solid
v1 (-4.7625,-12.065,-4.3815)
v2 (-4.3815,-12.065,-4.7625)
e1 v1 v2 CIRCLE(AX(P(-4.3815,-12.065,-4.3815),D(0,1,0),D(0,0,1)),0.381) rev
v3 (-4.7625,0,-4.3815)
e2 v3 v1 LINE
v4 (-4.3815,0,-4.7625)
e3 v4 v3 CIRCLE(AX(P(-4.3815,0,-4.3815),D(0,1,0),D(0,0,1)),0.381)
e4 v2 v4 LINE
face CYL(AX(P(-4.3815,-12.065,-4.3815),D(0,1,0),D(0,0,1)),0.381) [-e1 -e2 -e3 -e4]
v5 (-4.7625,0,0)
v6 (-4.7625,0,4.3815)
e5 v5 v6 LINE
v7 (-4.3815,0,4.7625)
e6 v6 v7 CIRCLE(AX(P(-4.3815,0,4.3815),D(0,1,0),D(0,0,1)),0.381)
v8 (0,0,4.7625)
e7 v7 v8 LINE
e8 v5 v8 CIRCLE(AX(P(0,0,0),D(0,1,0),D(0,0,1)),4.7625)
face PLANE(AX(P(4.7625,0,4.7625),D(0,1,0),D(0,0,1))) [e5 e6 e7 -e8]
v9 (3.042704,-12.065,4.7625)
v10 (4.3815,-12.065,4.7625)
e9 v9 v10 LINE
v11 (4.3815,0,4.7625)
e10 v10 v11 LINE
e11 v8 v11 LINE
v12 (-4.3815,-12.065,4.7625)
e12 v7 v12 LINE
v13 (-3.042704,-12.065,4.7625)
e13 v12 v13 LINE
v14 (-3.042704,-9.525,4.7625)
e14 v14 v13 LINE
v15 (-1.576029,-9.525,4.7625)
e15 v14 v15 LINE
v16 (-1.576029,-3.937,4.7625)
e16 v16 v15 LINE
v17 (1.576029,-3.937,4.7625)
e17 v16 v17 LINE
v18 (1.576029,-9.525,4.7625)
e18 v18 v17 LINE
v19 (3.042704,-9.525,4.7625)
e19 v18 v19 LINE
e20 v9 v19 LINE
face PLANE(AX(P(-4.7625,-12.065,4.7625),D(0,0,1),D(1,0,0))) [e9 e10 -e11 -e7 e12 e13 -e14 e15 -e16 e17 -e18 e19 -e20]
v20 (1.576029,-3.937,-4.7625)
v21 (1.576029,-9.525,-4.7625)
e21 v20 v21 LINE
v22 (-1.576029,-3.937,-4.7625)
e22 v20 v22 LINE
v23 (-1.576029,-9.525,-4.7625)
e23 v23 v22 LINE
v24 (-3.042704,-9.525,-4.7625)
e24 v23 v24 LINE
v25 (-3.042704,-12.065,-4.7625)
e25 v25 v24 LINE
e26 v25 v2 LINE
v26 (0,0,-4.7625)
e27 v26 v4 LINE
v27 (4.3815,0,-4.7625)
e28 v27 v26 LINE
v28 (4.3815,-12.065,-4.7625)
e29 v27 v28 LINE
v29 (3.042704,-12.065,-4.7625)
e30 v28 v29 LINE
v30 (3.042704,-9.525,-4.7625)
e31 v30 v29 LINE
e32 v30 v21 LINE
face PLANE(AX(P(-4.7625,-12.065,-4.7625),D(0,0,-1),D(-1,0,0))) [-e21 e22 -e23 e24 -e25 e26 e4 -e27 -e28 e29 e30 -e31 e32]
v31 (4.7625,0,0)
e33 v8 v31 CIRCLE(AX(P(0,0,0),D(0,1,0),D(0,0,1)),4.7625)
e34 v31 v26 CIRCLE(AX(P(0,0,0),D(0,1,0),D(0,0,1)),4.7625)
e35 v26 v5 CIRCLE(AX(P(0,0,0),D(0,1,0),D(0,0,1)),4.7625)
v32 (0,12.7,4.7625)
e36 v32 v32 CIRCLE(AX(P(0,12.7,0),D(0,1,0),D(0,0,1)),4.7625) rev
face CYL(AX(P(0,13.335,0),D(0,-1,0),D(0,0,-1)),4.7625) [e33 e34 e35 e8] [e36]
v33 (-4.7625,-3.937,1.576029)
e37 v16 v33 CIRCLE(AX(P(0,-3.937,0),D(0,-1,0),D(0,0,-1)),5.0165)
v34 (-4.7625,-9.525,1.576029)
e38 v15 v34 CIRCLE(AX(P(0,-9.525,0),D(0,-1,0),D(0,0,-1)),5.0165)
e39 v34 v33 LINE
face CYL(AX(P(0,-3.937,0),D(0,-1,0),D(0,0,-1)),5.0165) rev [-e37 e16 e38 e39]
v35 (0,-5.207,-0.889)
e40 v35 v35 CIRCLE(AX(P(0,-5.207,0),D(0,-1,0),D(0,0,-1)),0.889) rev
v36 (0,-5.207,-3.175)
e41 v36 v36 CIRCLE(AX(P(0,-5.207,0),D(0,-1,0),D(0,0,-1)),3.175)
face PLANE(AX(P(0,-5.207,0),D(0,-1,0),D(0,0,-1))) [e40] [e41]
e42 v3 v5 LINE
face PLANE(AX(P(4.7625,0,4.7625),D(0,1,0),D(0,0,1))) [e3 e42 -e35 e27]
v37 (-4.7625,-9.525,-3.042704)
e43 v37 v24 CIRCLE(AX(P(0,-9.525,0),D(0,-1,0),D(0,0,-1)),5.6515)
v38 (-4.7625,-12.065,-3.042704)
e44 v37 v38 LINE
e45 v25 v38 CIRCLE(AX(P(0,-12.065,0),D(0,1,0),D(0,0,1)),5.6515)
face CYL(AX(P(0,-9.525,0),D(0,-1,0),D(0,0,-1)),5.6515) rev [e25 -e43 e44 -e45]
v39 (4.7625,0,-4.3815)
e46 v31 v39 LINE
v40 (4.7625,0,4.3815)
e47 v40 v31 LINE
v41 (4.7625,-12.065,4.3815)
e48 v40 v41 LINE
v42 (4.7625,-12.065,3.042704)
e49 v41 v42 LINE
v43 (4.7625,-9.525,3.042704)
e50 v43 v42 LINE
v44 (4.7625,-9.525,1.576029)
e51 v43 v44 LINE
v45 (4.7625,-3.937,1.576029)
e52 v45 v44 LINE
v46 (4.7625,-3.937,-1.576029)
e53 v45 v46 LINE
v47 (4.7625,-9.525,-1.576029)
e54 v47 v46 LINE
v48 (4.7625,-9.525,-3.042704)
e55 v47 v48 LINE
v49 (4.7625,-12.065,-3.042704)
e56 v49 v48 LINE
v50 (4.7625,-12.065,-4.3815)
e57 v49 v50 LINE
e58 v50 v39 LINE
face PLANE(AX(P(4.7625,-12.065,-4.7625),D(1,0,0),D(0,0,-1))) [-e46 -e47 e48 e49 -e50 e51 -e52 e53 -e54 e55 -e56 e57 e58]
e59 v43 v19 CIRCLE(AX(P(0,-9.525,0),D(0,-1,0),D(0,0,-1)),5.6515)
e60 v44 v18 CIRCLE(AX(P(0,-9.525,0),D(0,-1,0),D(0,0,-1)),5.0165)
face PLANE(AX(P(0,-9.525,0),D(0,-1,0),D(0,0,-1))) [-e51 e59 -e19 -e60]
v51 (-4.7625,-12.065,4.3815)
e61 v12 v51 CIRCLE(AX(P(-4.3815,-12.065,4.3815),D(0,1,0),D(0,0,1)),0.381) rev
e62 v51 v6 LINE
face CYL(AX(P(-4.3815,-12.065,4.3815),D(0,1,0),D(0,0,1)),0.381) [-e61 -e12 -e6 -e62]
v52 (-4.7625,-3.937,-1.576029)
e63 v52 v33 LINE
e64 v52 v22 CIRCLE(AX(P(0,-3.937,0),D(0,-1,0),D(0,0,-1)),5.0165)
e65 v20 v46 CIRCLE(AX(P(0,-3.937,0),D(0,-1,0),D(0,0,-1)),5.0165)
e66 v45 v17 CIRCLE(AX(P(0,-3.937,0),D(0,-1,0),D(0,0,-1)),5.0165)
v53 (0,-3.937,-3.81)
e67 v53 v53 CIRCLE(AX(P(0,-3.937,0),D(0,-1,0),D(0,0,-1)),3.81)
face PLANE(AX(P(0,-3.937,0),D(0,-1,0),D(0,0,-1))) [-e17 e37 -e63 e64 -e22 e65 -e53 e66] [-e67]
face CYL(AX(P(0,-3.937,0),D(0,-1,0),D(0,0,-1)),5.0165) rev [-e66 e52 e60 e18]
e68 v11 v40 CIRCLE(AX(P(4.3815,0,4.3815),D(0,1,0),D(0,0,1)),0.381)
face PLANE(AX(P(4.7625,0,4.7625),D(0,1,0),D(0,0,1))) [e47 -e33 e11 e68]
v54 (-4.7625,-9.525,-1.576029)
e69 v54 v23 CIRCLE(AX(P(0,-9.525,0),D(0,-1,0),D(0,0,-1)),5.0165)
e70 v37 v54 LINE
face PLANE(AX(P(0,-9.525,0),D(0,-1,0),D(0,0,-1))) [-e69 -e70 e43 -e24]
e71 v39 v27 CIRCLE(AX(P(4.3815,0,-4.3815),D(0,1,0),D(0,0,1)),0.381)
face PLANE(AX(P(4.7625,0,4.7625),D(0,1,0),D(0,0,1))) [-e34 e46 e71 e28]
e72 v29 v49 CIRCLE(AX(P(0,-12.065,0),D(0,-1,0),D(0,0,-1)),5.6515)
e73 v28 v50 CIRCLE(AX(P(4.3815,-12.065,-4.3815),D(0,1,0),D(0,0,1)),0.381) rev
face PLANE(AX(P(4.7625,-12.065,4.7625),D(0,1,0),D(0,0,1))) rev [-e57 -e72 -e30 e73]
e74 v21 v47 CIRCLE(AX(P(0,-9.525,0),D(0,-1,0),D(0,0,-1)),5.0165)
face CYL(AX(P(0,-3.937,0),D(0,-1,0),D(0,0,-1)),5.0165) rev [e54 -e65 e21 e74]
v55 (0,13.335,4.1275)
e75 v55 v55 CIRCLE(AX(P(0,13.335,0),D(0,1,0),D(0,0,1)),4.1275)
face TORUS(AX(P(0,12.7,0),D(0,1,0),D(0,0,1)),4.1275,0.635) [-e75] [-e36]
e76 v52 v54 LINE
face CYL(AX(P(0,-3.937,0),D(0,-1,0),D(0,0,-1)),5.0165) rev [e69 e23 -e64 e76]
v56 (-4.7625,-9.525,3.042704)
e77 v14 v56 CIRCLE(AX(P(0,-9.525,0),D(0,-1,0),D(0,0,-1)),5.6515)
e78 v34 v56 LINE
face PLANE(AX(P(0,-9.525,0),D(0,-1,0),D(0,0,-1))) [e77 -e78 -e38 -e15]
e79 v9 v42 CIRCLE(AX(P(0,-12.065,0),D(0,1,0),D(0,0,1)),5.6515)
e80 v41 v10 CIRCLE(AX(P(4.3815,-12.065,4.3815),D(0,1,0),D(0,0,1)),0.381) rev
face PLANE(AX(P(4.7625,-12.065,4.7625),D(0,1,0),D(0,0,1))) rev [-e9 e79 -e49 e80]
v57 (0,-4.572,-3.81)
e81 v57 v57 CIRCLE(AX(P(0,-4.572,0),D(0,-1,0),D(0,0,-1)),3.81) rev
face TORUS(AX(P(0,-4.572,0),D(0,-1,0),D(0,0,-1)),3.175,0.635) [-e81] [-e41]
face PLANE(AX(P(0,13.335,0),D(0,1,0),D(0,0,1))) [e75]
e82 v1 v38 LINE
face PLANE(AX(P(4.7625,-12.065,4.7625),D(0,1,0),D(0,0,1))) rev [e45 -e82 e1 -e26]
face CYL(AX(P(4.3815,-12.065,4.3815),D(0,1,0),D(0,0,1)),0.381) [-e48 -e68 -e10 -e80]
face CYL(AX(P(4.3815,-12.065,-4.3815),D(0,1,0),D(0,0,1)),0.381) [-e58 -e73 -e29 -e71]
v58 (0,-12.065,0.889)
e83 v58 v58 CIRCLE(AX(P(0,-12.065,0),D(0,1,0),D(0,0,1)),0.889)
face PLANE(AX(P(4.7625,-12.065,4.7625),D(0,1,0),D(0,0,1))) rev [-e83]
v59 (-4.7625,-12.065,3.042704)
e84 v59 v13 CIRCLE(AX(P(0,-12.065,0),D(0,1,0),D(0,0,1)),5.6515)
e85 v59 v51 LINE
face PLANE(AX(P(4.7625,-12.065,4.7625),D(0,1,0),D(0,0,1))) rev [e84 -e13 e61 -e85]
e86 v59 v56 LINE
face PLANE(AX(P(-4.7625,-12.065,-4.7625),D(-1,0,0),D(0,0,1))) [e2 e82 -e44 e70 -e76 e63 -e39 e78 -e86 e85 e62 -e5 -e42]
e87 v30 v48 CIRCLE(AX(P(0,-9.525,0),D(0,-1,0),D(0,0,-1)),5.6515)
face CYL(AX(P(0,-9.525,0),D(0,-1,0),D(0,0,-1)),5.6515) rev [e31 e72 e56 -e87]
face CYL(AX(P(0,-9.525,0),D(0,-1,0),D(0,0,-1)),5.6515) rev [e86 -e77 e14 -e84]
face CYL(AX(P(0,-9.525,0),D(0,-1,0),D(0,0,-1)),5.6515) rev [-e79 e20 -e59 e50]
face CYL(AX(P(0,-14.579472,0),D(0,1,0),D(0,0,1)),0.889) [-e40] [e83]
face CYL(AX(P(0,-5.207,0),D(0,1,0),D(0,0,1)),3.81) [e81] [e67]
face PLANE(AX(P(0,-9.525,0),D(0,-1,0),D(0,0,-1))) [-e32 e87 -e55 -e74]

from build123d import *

# Parameters (mm, degrees)
SKETCH1_W           = 9.525
SKETCH1_H           = 9.525
BOSS_EXTRUDE1_DEPTH = 12.065
SKETCH2_R           = 4.7625
BOSS_EXTRUDE2_DEPTH = 13.335
FILLET1_R           = 0.635
SKETCH3_R           = 5.6515
CUT_EXTRUDE1_DEPTH  = 2.54
SKETCH4_R           = 5.0165
CUT_EXTRUDE2_DEPTH  = 5.588
SKETCH5_R           = 3.81
BOSS_EXTRUDE3_DEPTH = 1.27
FILLET2_R           = 0.635
SKETCH6_R           = 0.889
BOSS_EXTRUDE4_DEPTH = 8.128
FILLET4_R           = 0.381


with BuildPart() as part:
    # Sketch1 → Boss-Extrude1 (new body)
    with BuildSketch(Plane(origin=(0, 0, 0), x_dir=(1, 0, 0), z_dir=(0, 1, 0))):
        Rectangle(SKETCH1_W, SKETCH1_H)
    extrude(amount=-BOSS_EXTRUDE1_DEPTH)

    # Sketch2 → Boss-Extrude2 (add)
    with BuildSketch(Plane(origin=(0, 0, 0), x_dir=(1, 0, 0), z_dir=(0, 1, 0))):
        Circle(SKETCH2_R)
    extrude(amount=BOSS_EXTRUDE2_DEPTH)

    # Fillet1
    fillet1_edges = [part.edges().sort_by_distance(p)[0] for p in [
        (-4.7625, 13.335, 0),
    ]]
    fillet(fillet1_edges, radius=FILLET1_R)

    # Sketch3 → Cut-Extrude1 (cut)
    with BuildSketch(Plane.XZ.offset(12.065)):
        Circle(SKETCH3_R)
    extrude(amount=-CUT_EXTRUDE1_DEPTH, mode=Mode.SUBTRACT)

    # Sketch4 → Cut-Extrude2 (cut)
    with BuildSketch(Plane.XZ.offset(9.525)):
        Circle(SKETCH4_R)
    extrude(amount=-CUT_EXTRUDE2_DEPTH, mode=Mode.SUBTRACT)

    # Sketch5 → Boss-Extrude3 (add)
    with BuildSketch(Plane.XZ.offset(3.937)):
        Circle(SKETCH5_R)
    extrude(amount=BOSS_EXTRUDE3_DEPTH)

    # Fillet2
    fillet2_edges = [part.edges().sort_by_distance(p)[0] for p in [
        (-3.81, -5.207, 0),
    ]]
    fillet(fillet2_edges, radius=FILLET2_R)

    # Sketch6 → Boss-Extrude4 (add)
    with BuildSketch(Plane.XZ.offset(3.937)):
        Circle(SKETCH6_R)
    extrude(amount=BOSS_EXTRUDE4_DEPTH)

    # Fillet4
    fillet4_edges = [part.edges().sort_by_distance(p)[0] for p in [
        (4.7625, -6.0325, 4.7625),
        (-4.7625, -6.0325, 4.7625),
        (-4.7625, -6.0325, -4.7625),
        (4.7625, -6.0325, -4.7625),
    ]]
    fillet(fillet4_edges, radius=FILLET4_R)


solid = part.part
